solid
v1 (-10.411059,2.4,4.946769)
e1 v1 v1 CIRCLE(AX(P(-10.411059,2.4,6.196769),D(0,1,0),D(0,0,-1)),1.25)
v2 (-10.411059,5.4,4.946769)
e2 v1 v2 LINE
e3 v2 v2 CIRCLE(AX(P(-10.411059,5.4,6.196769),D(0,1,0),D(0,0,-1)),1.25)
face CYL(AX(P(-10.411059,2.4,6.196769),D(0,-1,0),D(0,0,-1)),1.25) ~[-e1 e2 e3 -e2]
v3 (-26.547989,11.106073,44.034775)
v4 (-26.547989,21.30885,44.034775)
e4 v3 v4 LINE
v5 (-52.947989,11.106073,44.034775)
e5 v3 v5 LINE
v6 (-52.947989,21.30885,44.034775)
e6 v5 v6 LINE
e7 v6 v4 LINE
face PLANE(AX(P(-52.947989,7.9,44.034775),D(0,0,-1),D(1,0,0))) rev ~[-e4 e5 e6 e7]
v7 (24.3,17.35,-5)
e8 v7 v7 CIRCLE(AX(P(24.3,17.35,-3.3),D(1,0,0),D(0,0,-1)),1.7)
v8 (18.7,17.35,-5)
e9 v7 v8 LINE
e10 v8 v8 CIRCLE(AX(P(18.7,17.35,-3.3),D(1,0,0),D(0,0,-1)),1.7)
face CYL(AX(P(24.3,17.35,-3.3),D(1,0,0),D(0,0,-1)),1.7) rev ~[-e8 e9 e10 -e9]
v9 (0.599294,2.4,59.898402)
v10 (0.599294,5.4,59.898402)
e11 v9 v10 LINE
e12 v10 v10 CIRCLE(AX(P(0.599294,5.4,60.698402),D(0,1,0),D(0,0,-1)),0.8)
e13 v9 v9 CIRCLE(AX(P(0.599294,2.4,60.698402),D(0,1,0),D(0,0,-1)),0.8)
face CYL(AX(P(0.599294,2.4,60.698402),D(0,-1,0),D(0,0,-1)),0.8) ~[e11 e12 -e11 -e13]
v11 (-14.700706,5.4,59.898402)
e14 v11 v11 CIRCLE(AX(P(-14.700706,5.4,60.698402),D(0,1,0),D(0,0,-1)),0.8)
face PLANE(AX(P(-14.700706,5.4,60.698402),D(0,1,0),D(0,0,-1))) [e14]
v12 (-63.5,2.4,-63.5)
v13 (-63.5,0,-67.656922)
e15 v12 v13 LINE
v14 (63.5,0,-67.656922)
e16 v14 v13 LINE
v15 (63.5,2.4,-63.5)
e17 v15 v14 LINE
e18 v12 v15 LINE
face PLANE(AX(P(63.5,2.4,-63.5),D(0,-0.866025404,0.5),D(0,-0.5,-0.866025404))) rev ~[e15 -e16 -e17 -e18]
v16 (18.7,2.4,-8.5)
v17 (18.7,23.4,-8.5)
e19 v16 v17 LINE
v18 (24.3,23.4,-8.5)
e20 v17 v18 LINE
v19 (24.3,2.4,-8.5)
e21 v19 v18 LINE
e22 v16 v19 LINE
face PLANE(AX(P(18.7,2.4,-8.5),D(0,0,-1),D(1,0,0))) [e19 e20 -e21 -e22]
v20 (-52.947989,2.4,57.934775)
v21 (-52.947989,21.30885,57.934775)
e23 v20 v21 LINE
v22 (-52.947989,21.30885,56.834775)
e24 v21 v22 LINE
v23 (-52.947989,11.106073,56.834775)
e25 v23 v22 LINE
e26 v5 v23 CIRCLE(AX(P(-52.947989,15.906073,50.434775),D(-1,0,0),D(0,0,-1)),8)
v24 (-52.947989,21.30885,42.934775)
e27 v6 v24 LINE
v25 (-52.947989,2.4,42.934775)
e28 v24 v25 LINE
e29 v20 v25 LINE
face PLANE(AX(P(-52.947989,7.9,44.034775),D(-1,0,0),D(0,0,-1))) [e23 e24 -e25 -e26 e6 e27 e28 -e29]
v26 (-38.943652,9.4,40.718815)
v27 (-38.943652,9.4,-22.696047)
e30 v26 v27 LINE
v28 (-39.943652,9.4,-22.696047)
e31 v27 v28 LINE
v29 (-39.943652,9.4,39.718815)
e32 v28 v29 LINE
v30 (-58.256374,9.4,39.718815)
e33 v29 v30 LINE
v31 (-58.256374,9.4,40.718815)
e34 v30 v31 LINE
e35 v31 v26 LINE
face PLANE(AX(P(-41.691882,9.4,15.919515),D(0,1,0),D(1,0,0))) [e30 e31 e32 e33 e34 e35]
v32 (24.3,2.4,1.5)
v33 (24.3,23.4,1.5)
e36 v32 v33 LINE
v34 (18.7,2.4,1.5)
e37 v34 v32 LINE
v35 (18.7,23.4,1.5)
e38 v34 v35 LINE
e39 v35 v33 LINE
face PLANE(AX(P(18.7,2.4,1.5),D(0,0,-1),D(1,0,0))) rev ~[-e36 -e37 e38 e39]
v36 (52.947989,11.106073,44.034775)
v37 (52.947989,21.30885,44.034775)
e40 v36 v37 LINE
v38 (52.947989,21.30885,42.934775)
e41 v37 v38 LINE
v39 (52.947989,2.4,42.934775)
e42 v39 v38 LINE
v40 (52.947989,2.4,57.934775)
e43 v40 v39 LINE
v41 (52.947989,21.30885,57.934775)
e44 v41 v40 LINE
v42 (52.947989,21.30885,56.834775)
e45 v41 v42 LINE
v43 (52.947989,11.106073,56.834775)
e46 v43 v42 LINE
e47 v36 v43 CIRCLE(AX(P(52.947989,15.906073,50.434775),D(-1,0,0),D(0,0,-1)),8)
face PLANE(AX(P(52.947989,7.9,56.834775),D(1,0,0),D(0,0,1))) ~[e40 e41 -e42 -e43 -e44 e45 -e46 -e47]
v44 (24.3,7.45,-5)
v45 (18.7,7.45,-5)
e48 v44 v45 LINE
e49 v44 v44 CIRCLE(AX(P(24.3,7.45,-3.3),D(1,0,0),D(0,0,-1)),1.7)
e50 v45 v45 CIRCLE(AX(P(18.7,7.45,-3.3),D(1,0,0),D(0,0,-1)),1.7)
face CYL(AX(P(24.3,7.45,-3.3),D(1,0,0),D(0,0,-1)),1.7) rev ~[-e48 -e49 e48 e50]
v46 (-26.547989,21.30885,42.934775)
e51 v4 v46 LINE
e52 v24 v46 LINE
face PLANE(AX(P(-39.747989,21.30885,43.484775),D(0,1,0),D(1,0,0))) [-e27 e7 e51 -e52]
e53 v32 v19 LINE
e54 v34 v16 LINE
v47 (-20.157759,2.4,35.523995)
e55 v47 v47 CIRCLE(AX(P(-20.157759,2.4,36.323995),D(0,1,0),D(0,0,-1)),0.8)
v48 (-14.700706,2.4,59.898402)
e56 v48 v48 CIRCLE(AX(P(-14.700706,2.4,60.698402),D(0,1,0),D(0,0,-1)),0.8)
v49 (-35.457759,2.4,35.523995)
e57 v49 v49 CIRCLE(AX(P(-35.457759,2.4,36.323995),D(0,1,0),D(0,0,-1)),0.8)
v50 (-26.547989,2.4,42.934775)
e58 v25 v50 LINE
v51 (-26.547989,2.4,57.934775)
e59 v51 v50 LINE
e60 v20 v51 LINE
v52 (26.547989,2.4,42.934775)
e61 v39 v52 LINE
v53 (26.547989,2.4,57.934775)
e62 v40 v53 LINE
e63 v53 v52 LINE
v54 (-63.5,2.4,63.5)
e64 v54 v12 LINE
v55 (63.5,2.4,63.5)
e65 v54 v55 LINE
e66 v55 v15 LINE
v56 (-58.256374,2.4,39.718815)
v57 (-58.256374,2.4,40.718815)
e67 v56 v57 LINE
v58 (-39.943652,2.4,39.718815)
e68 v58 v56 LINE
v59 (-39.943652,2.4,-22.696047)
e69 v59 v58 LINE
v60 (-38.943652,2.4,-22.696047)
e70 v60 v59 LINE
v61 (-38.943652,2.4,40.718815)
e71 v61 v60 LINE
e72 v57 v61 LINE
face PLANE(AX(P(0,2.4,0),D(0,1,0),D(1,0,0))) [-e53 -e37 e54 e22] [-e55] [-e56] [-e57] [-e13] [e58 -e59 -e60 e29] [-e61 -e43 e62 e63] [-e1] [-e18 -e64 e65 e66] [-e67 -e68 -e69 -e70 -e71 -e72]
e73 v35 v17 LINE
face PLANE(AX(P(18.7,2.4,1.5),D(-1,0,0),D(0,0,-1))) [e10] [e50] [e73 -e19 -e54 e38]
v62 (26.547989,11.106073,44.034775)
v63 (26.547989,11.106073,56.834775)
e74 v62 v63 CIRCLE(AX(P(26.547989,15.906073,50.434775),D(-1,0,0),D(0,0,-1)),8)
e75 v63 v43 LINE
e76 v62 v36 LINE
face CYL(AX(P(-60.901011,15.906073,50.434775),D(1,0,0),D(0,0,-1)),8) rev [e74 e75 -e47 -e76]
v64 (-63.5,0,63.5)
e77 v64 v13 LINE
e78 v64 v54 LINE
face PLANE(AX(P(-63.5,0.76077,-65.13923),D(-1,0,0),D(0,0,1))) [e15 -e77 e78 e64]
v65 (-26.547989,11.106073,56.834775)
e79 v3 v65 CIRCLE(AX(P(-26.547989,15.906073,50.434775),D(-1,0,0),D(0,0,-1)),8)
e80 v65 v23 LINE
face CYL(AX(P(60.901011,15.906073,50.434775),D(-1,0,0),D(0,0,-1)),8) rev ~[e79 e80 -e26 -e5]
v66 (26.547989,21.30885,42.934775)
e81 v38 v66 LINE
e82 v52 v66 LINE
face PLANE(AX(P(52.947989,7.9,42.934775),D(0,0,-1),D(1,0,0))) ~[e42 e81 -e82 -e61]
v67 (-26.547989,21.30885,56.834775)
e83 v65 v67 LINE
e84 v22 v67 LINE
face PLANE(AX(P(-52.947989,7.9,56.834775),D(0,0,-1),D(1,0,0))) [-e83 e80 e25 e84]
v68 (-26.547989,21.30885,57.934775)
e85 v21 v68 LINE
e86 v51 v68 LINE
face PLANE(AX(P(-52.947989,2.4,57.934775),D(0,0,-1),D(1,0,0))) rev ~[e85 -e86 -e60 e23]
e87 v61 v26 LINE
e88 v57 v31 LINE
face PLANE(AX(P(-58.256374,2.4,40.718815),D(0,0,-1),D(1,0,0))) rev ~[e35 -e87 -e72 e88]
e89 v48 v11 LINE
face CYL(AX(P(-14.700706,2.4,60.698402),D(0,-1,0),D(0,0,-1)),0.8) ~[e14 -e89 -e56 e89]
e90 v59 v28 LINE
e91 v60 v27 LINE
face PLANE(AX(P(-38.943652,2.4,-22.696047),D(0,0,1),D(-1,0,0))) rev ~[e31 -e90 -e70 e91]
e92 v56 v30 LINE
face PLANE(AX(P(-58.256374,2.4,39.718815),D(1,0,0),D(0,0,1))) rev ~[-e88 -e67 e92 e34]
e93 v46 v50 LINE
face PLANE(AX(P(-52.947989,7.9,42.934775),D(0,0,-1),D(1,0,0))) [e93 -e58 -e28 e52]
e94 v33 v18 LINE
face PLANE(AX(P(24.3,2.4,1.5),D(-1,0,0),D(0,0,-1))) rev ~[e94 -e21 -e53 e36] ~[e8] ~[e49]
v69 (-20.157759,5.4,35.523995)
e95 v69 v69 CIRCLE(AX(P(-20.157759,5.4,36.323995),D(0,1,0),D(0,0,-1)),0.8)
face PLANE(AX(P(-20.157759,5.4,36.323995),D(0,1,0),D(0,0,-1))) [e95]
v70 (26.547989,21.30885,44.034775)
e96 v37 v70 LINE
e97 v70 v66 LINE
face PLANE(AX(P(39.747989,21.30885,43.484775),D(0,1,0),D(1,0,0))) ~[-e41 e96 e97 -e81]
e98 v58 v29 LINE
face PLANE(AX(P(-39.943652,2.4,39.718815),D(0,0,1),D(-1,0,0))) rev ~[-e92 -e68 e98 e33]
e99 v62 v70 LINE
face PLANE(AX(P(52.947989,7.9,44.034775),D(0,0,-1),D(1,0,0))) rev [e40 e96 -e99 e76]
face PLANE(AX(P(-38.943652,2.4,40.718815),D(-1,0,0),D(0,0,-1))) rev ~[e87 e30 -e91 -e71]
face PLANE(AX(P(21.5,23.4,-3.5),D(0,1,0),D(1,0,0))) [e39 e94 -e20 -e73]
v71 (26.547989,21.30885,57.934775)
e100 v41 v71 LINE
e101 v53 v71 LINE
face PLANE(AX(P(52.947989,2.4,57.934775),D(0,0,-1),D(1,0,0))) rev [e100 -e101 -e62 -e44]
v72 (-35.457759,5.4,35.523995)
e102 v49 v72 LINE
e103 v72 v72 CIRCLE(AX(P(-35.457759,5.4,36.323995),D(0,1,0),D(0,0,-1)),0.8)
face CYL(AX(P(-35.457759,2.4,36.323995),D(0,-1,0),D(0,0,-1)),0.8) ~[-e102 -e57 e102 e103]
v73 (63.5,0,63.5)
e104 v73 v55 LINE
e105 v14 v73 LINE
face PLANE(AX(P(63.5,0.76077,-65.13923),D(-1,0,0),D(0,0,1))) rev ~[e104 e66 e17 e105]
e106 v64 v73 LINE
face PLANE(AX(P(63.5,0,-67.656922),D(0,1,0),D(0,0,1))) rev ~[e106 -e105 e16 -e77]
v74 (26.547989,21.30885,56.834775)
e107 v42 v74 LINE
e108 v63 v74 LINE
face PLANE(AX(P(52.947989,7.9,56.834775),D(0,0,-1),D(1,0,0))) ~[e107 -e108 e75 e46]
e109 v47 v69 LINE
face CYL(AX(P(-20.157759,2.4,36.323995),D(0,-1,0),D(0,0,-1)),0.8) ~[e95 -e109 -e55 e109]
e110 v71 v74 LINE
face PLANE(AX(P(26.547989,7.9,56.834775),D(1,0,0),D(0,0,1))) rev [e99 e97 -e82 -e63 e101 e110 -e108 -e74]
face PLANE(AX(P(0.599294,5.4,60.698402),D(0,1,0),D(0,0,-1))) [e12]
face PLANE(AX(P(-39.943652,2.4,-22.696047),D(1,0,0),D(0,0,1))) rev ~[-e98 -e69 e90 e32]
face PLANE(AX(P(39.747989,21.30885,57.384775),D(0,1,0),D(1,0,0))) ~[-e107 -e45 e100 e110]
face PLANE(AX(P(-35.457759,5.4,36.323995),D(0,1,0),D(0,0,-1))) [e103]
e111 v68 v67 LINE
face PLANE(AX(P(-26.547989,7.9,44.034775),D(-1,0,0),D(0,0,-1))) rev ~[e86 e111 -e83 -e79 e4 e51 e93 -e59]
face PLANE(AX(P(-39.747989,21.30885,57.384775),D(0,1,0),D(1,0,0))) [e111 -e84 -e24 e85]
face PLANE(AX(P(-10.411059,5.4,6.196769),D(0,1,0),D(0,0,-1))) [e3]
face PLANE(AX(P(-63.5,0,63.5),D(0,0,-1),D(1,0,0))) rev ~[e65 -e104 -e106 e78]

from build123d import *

# Parameters (mm, degrees)
SKETCH1_W                = 127
SKETCH1_H                = 127
BOSS_EXTRUDE1_DEPTH      = 2.4
SKETCH2_W                = 26.4
SKETCH2_H                = 15
BOSS_EXTRUDE3_DEPTH      = 5.5
BOSS_EXTRUDE4_REACH      = 92.149
BOSS_EXTRUDE4_END_RADIUS = 8
SKETCH3_W                = 26.4
SKETCH3_H                = 12.8
SKETCH4_W                = 26.4
SKETCH4_H                = 1.1
BOSS_EXTRUDE5_DEPTH      = 13.40885
BOSS_EXTRUDE8_DEPTH      = 7
SKETCH7_R                = 0.8
BOSS_EXTRUDE9_DEPTH      = 3
SKETCH8_R                = 1.25
BOSS_EXTRUDE10_DEPTH     = 3
SKETCH9_W                = 5.6
SKETCH9_H                = 10
BOSS_EXTRUDE11_DEPTH     = 21
SKETCH10_R               = 1.7
CUT_EXTRUDE1_DEPTH       = 5.6
BOSS_EXTRUDE12_DEPTH     = 127


with BuildPart() as part:
    # Sketch1 → Boss-Extrude1 (new body)
    with BuildSketch(Plane(origin=(0, 0, 0), x_dir=(1, 0, 0), z_dir=(0, 1, 0))):
        Rectangle(SKETCH1_W, SKETCH1_H)
    extrude(amount=BOSS_EXTRUDE1_DEPTH)

    # Sketch2 → Boss-Extrude3 (add)
    with BuildSketch(Plane(origin=(0, 2.4, 0), x_dir=(1, 0, 0), z_dir=(0, 1, 0))):
        with Locations((-39.747989038, -50.434775134)):
            Rectangle(SKETCH2_W, SKETCH2_H)
    boss_extrude3 = extrude(amount=BOSS_EXTRUDE3_DEPTH)

    # Boss-Extrude4: up to this cylinder (the profile starts outside it)
    boss_extrude4_end = Plane(origin=(-39.747989, 15.906072529, 50.434775134), z_dir=(-1, 0, 0)) * Cylinder(BOSS_EXTRUDE4_END_RADIUS, 201.298, mode=Mode.PRIVATE)
    # Sketch3 → Boss-Extrude4 (add, up to the surface)
    with BuildSketch(Plane(origin=(0, 7.9, 0), x_dir=(1, 0, 0), z_dir=(0, 1, 0)), mode=Mode.PRIVATE) as boss_extrude4_sk1:
        with Locations((-39.747989038, -50.434775134)):
            Rectangle(SKETCH3_W, SKETCH3_H)
    boss_extrude4_tool1 = extrude(boss_extrude4_sk1.sketch, amount=BOSS_EXTRUDE4_REACH, mode=Mode.PRIVATE) - boss_extrude4_end
    boss_extrude4 = boss_extrude4_tool1.solids().sort_by_distance((-39.747989, 7.9, 50.434775))[0]
    add(boss_extrude4)

    # Sketch4 → Boss-Extrude5 (add)
    with BuildSketch(Plane(origin=(0, 7.9, 0), x_dir=(1, 0, 0), z_dir=(0, 1, 0))):
        with Locations((-39.747989038, -43.484775134)):
            Rectangle(SKETCH4_W, SKETCH4_H)
        with Locations((-39.747989038, -57.384775134)):
            Rectangle(SKETCH4_W, SKETCH4_H)
    boss_extrude5 = extrude(amount=BOSS_EXTRUDE5_DEPTH)

    # Mirror1: Boss-Extrude3 across plane
    add(boss_extrude3.mirror(Plane(origin=(0, 0, 0), x_dir=(0, 0, 1), z_dir=(1, 0, 0))))

    # Mirror2: Boss-Extrude5 across plane
    add(boss_extrude5.mirror(Plane(origin=(0, 0, 0), x_dir=(0, 0, 1), z_dir=(1, 0, 0))))

    # Mirror3: Boss-Extrude4 across plane
    add(boss_extrude4.mirror(Plane(origin=(0, 0, 0), x_dir=(0, 0, 1), z_dir=(1, 0, 0))))

    # Sketch6 → Boss-Extrude8 (add)
    with BuildSketch(Plane(origin=(0, 2.4, 0), x_dir=(1, 0, 0), z_dir=(0, 1, 0))):
        Polygon((-58.25637406, -39.71881472), (-58.25637406, -40.71881472), (-38.943651891, -40.71881472), (-38.943651891, 22.696046836), (-39.943651891, 22.696046836), (-39.943651891, -39.71881472), align=None)
    extrude(amount=BOSS_EXTRUDE8_DEPTH)

    # Sketch7 → Boss-Extrude9 (add)
    with BuildSketch(Plane(origin=(0, 2.4, 0), x_dir=(1, 0, 0), z_dir=(0, 1, 0))):
        with Locations(Location((-20.157758856, -36.323995409, 0), (0, 0, 90))):
            Circle(SKETCH7_R)
        with Locations(Location((-35.457758856, -36.323995409, 0), (0, 0, 90))):
            Circle(SKETCH7_R)
        with Locations(Location((-14.70070569, -60.698401589, 0), (0, 0, 90))):
            Circle(SKETCH7_R)
        with Locations(Location((0.59929431, -60.698401589, 0), (0, 0, 90))):
            Circle(SKETCH7_R)
    extrude(amount=BOSS_EXTRUDE9_DEPTH)

    # Sketch8 → Boss-Extrude10 (add)
    with BuildSketch(Plane(origin=(0, 2.4, 0), x_dir=(1, 0, 0), z_dir=(0, 1, 0))):
        with Locations(Location((-10.411058541, -6.196769083, 0), (0, 0, 90))):
            Circle(SKETCH8_R)
    extrude(amount=BOSS_EXTRUDE10_DEPTH)

    # Sketch9 → Boss-Extrude11 (add)
    with BuildSketch(Plane(origin=(0, 2.4, 0), x_dir=(1, 0, 0), z_dir=(0, 1, 0))):
        with Locations((21.5, 3.5)):
            Rectangle(SKETCH9_W, SKETCH9_H)
    extrude(amount=BOSS_EXTRUDE11_DEPTH)

    # Sketch10 → Cut-Extrude1 (cut)
    with BuildSketch(Plane(origin=(24.3, 0, 0), x_dir=(0, 0, -1), z_dir=(1, 0, 0))):
        with Locations((3.3, 17.35)):
            Circle(SKETCH10_R)
        with Locations((3.3, 7.45)):
            Circle(SKETCH10_R)
    extrude(amount=-CUT_EXTRUDE1_DEPTH, mode=Mode.SUBTRACT)

    # Sketch11 → Boss-Extrude12 (add)
    with BuildSketch(Plane(origin=(63.5, 0, 0), x_dir=(0, 0, -1), z_dir=(1, 0, 0))):
        Polygon((63.5, 2.4), (67.656921938, 0), (63.5, 0), align=None)
    extrude(amount=-BOSS_EXTRUDE12_DEPTH)


solid = part.part
